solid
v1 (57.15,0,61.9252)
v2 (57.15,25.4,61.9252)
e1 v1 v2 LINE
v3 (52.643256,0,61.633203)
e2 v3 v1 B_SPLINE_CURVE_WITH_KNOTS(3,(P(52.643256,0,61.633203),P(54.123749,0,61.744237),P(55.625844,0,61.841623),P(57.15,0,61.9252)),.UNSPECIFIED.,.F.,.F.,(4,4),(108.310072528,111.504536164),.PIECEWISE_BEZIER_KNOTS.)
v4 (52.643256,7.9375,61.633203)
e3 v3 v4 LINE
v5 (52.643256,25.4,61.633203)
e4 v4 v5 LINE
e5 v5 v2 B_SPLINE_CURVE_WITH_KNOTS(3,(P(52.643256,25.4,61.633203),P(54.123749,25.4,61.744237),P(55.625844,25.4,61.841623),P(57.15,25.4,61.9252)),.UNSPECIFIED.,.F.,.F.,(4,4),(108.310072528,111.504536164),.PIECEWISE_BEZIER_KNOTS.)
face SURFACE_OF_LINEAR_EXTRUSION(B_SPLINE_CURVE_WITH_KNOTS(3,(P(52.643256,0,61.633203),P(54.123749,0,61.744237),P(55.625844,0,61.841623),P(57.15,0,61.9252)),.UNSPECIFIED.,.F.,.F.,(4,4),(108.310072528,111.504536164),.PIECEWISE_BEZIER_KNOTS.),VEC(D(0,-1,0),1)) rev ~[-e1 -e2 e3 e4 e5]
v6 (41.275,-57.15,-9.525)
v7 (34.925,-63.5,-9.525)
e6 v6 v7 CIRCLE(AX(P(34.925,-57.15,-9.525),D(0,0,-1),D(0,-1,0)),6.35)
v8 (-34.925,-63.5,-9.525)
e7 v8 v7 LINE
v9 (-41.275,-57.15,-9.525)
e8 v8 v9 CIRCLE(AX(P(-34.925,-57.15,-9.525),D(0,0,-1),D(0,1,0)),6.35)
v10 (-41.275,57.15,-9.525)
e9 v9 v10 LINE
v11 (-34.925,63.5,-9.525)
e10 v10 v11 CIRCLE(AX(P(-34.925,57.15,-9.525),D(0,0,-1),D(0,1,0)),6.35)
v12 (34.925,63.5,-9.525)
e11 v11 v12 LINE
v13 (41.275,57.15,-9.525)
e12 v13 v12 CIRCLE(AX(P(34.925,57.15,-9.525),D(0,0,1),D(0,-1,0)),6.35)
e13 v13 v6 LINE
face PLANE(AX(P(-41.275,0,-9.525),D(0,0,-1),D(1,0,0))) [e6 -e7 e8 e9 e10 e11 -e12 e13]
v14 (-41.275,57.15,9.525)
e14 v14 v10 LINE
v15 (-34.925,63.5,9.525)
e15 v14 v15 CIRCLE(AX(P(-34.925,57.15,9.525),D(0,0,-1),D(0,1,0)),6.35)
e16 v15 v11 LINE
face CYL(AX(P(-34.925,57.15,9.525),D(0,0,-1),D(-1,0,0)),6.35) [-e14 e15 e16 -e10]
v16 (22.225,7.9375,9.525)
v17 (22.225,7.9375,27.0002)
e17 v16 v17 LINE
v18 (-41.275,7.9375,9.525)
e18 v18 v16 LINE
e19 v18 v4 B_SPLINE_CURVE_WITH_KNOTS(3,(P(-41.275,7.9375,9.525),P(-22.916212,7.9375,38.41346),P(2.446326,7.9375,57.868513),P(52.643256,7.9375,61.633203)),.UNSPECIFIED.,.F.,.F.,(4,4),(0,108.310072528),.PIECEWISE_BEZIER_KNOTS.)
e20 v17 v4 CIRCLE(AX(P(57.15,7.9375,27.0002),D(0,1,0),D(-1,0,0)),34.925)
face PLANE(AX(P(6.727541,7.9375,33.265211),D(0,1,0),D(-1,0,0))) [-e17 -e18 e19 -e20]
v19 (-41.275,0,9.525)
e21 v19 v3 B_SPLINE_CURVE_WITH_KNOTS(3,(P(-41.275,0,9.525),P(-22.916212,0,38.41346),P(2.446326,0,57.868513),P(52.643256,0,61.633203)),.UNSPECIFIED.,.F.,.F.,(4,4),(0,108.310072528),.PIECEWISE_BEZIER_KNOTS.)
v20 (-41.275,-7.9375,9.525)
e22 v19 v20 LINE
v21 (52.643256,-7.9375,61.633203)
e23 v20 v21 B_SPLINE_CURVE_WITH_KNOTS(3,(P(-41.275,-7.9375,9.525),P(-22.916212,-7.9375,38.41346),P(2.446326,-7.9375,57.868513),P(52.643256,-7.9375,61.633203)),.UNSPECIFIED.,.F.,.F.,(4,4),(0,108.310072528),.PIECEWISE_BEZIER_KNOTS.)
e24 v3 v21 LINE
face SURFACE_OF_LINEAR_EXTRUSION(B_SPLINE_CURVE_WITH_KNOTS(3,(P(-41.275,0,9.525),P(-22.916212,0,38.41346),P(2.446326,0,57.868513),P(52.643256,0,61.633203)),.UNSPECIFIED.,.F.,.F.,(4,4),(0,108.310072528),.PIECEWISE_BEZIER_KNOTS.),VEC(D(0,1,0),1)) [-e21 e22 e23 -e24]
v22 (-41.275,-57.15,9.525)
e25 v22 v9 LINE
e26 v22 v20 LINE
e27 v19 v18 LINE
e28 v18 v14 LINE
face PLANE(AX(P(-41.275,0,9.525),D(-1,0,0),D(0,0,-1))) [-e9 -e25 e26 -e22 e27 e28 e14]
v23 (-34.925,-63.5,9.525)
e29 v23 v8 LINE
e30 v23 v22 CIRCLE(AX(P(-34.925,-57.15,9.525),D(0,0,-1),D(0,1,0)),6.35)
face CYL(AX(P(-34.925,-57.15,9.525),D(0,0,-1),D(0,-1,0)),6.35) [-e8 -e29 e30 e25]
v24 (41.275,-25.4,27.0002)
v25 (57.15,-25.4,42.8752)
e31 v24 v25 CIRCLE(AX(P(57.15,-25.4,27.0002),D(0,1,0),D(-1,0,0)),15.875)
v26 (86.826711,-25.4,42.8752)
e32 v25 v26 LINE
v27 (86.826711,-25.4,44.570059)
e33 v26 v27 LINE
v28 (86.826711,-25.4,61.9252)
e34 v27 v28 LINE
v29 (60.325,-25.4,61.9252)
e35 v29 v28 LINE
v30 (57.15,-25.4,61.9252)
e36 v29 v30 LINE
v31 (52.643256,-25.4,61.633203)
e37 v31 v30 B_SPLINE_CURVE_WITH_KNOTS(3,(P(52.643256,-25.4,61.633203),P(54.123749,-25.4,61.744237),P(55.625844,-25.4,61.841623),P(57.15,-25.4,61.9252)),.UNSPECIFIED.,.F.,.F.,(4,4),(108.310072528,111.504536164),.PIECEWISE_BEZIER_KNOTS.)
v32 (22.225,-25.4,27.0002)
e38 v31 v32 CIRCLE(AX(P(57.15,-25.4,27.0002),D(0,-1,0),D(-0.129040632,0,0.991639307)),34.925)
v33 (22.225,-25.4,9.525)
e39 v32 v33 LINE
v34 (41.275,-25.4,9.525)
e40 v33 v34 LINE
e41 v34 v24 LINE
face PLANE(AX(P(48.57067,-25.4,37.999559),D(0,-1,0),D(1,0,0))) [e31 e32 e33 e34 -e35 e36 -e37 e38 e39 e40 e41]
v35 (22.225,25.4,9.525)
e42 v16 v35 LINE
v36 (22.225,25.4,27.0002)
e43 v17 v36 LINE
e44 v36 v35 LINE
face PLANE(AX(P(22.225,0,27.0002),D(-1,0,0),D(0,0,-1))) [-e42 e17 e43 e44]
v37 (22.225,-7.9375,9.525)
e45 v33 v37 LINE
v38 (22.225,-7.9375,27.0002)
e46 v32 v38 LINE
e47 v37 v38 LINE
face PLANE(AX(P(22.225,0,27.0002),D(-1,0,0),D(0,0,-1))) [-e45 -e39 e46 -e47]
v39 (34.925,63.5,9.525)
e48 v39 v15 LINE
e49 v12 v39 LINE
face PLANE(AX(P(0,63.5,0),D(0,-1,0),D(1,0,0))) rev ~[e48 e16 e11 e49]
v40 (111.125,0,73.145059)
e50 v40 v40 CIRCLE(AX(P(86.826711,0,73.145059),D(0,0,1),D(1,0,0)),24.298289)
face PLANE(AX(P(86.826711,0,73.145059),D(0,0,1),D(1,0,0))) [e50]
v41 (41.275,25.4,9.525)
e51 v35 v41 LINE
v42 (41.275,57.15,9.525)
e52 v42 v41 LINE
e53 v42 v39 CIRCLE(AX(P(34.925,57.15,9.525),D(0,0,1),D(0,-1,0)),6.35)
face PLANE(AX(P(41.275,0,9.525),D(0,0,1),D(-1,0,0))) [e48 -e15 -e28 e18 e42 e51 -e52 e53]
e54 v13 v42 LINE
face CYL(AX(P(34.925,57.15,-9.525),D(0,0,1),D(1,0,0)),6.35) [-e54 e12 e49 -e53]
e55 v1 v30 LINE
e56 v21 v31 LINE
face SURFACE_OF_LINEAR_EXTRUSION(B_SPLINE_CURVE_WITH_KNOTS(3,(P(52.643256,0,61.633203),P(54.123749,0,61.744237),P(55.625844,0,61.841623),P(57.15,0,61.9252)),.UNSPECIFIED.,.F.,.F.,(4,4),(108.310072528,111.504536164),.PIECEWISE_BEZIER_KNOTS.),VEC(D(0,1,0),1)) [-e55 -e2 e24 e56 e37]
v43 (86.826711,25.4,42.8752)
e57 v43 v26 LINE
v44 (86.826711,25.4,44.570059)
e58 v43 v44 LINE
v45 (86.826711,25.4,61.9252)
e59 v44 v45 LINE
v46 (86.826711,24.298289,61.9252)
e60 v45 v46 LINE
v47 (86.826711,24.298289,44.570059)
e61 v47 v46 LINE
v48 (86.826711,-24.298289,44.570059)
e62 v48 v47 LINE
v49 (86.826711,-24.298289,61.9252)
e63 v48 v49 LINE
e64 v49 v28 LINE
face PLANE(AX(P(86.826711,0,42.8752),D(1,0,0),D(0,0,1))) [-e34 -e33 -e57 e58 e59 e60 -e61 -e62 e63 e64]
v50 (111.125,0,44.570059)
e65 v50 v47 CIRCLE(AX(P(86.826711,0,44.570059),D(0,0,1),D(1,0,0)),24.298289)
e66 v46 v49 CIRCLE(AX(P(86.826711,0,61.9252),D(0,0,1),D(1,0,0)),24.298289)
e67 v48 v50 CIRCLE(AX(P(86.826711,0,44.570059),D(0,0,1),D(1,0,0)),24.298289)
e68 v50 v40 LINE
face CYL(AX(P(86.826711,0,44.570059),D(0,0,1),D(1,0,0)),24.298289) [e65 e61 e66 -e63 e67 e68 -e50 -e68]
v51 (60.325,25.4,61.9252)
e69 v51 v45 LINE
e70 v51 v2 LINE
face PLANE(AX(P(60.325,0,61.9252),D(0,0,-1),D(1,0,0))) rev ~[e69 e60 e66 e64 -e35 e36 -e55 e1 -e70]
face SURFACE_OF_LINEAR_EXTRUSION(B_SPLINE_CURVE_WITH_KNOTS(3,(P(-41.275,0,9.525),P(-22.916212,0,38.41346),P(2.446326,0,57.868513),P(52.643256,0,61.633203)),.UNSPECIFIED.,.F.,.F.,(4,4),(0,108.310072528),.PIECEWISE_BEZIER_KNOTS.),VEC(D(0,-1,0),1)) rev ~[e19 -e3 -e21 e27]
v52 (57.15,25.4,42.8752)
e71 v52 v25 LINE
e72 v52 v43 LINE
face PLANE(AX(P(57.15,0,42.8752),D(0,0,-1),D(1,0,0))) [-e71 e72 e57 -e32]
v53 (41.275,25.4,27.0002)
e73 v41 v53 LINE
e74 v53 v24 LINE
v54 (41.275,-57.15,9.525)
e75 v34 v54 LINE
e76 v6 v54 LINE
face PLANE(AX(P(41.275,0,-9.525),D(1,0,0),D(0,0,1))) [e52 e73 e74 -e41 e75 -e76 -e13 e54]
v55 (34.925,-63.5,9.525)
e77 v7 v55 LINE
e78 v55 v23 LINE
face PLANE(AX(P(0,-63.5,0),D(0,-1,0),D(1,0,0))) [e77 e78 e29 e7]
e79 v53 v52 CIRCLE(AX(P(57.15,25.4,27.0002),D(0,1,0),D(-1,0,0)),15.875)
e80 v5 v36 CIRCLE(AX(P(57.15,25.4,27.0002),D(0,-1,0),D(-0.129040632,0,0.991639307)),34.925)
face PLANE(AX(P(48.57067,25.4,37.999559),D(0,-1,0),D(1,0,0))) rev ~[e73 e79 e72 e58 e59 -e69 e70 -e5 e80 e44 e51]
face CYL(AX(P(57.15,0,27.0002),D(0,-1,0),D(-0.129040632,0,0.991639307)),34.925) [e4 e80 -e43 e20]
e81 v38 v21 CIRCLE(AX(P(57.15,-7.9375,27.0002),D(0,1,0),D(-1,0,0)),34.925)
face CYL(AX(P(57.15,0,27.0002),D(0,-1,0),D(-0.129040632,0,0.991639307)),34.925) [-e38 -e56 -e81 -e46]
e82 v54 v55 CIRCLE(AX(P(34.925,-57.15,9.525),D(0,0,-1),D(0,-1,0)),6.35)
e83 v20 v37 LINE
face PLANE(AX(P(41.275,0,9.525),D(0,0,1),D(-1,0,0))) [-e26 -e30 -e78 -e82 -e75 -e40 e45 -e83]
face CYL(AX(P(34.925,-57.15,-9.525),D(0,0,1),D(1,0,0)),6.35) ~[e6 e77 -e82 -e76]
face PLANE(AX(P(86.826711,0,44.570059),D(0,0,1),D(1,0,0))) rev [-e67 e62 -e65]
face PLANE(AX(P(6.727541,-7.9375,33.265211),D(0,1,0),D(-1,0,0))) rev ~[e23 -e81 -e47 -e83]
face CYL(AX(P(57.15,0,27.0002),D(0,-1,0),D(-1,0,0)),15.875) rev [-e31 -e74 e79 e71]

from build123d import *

# Parameters (mm, degrees)
F1_DEPTH = 63.5
F0_W     = 26.5017113779
F0_H     = 17.3551412069
F2_DEPTH = 25.4
F3_DEPTH = 7.9375
F5_R     = 6.35


with BuildPart() as f1:
    # F0 (on Front) → F1 (new body, symmetric)
    with BuildSketch(Plane.XZ):
        Polygon((-41.275, -9.525), (41.275, -9.525), (41.275, 9.525), (22.225, 9.525), (-41.275, 9.525), align=None)
    extrude(amount=F1_DEPTH, both=True)

    # F0 (on Front) → F2 (join, symmetric)
    with BuildSketch(Plane.XZ):
        with BuildLine():
            Line((22.225, 9.525), (41.275, 9.525))
            Line((41.275, 9.525), (41.275, 27.0002))
            ThreePointArc((41.275, 27.0002), (45.9246798487, 38.2255201513), (57.15, 42.8752))
            Line((57.15, 42.8752), (86.8267113779, 42.8752))
            Line((86.8267113779, 42.8752), (86.8267113779, 44.5700587931))
            Line((86.8267113779, 44.5700587931), (60.325, 44.5700587931))
            Line((60.325, 44.5700587931), (60.325, 61.9252))
            Line((60.325, 61.9252), (57.15, 61.9252))
            add(Edge.make_bspline(
                [(52.6432559299, 61.6332027992), (54.1237485825, 61.7442374051), (55.6258441188, 61.8416233146), (57.15, 61.9252)],
                knots=[108.3100725279, 108.3100725279, 108.3100725279, 108.3100725279, 111.5045361635, 111.5045361635, 111.5045361635, 111.5045361635], degree=3))
            ThreePointArc((52.6432559299, 61.6332027992), (30.9092524721, 50.0475164203), (22.225, 27.0002))
            Line((22.225, 27.0002), (22.225, 9.525))
        make_face()
        with Locations((73.5758556889, 53.2476293965)):
            Rectangle(F0_W, F0_H)
    extrude(amount=F2_DEPTH, both=True)

    # F0 (on Front) → F3 (join, symmetric)
    with BuildSketch(Plane.XZ):
        with BuildLine():
            add(Edge.make_bspline(
                [(-41.275, 9.525), (-22.9162119867, 38.413460075), (2.4463262192, 57.8685125131), (52.6432559299, 61.6332027992)],
                knots=[0, 0, 0, 0, 108.3100725279, 108.3100725279, 108.3100725279, 108.3100725279], degree=3))
            Line((-41.275, 9.525), (22.225, 9.525))
            Line((22.225, 9.525), (22.225, 27.0002))
            ThreePointArc((22.225, 27.0002), (30.9092524721, 50.0475164203), (52.6432559299, 61.6332027992))
        make_face()
    extrude(amount=F3_DEPTH, both=True)

    # F0 (on Front) → F4 (revolve)
    with BuildSketch(Plane.XZ):
        Polygon((86.8267113779, 61.9252), (86.8267113779, 44.5700587931), (111.125, 44.5700587931), (111.125, 73.1450587931), (86.8267113779, 73.1450587931), align=None)
    revolve(axis=Axis((86.8267113779, 0, 58.0101293965), (0, 0, 1)))

    # F5
    f5_edges = [f1.edges().sort_by_distance(p)[0] for p in [
        (41.275, -63.5, 0),
        (-41.275, -63.5, 0),
        (41.275, 63.5, 0),
        (-41.275, 63.5, 0),
    ]]
    fillet(f5_edges, radius=F5_R)


solid = f1.part
